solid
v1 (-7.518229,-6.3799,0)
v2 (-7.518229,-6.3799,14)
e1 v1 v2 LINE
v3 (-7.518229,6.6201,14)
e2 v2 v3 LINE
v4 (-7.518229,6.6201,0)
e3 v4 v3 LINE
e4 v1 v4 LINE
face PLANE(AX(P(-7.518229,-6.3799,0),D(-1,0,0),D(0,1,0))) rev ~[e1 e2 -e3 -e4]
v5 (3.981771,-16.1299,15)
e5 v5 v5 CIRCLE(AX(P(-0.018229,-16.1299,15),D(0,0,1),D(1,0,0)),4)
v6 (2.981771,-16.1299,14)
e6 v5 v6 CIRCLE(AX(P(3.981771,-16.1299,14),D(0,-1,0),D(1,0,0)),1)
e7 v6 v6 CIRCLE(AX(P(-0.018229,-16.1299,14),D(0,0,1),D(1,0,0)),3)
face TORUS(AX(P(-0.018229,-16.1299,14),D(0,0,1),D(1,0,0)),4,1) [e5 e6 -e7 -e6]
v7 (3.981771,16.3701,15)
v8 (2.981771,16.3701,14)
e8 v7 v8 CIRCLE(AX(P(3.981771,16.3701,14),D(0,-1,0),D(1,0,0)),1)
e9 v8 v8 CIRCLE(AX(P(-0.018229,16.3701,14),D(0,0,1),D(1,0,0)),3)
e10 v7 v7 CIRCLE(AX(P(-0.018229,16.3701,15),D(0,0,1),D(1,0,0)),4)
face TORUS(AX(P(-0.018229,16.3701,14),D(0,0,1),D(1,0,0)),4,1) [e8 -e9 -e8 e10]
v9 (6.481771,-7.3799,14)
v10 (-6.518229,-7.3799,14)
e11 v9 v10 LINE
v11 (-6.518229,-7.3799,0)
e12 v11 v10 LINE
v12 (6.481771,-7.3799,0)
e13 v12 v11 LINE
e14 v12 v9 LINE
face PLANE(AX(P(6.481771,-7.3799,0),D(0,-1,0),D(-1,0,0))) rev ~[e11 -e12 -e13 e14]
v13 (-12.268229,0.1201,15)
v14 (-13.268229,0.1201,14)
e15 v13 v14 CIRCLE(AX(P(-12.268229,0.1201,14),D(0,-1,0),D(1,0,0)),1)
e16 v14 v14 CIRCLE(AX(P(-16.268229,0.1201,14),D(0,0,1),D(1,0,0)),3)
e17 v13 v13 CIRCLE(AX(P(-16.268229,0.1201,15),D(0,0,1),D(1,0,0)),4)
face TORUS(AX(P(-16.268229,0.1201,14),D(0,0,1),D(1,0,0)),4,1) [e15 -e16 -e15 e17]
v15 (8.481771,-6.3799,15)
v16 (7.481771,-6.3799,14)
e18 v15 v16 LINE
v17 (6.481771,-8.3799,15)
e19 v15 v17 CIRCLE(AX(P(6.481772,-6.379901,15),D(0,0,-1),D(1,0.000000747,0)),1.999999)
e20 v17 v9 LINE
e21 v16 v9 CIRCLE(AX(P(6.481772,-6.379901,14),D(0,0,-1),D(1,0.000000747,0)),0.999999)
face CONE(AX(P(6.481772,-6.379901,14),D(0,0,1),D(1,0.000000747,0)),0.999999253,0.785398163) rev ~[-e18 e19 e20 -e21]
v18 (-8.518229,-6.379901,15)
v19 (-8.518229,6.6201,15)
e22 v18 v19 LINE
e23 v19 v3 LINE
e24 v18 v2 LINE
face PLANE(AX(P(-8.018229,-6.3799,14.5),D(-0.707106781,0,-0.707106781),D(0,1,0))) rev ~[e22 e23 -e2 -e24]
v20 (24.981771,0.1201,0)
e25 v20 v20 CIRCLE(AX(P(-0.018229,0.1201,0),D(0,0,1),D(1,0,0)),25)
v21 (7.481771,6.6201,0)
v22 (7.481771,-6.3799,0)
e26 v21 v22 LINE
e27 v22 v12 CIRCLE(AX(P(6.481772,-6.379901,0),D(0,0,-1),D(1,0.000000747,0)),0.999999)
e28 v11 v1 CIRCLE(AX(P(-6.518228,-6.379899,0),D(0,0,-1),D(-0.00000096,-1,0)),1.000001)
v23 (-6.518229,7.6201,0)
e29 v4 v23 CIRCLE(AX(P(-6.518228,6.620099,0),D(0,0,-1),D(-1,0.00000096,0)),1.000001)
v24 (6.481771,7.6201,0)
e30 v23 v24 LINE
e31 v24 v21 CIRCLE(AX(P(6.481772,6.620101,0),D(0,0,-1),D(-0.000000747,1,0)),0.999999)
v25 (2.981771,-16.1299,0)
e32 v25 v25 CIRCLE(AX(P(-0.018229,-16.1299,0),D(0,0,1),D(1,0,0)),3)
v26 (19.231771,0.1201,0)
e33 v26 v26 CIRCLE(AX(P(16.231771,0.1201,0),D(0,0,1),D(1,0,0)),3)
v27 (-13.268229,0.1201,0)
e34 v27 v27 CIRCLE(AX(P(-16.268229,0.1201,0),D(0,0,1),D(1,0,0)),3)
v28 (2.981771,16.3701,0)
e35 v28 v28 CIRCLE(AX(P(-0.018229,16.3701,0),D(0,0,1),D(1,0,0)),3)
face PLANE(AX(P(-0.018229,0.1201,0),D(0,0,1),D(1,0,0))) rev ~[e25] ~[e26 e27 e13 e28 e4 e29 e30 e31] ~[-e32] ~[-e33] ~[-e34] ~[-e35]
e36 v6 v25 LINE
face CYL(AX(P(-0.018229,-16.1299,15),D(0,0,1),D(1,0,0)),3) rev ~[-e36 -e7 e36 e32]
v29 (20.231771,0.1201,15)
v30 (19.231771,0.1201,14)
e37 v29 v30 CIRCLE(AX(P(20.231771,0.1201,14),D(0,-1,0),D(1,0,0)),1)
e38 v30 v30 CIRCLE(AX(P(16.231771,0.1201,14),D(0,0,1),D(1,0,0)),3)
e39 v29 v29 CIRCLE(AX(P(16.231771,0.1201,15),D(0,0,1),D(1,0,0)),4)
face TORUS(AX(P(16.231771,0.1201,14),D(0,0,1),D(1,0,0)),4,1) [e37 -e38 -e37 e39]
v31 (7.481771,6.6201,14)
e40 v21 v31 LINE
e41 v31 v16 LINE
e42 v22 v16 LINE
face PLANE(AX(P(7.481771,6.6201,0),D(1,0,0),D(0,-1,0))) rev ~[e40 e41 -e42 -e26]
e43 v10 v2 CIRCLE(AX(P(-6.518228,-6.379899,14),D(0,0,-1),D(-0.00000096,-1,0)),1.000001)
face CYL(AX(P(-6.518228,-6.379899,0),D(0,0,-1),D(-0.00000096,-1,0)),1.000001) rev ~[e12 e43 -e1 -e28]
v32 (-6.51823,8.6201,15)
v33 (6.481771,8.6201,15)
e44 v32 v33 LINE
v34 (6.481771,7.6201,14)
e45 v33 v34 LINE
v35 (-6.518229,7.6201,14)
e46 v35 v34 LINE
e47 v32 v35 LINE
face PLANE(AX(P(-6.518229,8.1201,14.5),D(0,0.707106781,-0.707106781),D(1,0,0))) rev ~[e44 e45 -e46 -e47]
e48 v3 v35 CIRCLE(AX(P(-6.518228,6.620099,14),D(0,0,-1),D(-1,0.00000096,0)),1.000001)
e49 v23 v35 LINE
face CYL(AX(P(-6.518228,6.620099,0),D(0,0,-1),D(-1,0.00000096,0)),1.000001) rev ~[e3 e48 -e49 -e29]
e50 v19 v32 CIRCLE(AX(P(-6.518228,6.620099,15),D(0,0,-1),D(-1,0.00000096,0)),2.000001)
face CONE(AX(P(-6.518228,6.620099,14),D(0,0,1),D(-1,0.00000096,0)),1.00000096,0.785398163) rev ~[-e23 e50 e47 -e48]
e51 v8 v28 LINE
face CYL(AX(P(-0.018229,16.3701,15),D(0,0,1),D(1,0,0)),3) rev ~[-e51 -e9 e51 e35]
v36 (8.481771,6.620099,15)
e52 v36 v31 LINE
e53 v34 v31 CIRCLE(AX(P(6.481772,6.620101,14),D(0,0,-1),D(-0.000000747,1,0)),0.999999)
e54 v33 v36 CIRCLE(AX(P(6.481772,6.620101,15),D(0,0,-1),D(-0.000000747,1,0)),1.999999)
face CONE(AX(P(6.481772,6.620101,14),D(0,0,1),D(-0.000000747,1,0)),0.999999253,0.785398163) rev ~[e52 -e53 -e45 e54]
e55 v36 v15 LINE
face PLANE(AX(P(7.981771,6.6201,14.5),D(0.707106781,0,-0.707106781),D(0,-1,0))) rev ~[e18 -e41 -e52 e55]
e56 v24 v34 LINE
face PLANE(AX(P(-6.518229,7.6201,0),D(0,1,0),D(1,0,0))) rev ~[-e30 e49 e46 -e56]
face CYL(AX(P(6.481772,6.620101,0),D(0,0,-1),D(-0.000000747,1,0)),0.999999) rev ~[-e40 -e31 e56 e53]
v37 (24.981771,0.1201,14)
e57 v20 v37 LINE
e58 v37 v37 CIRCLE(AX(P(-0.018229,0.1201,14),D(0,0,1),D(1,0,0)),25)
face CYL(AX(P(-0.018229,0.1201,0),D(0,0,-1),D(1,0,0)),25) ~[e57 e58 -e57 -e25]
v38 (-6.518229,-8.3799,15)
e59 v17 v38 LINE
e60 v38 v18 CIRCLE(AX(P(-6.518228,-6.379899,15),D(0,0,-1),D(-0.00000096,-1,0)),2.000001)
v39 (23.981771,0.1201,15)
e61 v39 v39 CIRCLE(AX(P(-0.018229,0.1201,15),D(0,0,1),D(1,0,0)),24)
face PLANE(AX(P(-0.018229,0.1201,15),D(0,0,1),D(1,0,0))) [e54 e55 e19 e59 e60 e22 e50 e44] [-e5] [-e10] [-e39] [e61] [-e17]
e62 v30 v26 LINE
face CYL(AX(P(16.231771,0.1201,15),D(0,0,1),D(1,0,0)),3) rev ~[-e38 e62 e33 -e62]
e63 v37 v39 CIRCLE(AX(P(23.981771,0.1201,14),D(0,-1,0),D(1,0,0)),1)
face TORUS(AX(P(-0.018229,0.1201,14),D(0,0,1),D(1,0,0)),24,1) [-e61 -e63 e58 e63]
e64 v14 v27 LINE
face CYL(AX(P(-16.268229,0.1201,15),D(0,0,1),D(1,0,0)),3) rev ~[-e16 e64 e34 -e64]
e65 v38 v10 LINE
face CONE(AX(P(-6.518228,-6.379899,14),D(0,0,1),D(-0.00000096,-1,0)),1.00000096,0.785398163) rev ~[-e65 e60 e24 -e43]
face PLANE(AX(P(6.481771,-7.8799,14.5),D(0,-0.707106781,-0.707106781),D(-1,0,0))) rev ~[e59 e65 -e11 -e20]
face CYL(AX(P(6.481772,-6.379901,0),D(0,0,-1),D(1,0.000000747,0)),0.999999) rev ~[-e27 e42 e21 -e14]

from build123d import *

# Parameters (mm, degrees)
F0_R     = 25
F1_DEPTH = 15
F2_R     = 3
F3_DEPTH = 15
F4_R     = 1
F5_SIZE  = 1


with BuildPart() as f1:
    # F0 (on Top) → F1 (new body)
    with BuildSketch(Plane.XY):
        with Locations((-0.018229, 0.1201)):
            Circle(F0_R)
        with BuildLine():
            Line((6.481771, -7.3799), (-6.518229, -7.3799))
            ThreePointArc((-6.518229, -7.3799), (-7.225335, -7.087007), (-7.518229, -6.3799))
            Line((-7.518229, -6.3799), (-7.518229, 6.6201))
            ThreePointArc((-7.518229, 6.6201), (-7.225335, 7.327207), (-6.518229, 7.6201))
            Line((-6.518229, 7.6201), (6.481771, 7.6201))
            ThreePointArc((6.481771, 7.6201), (7.188878, 7.327207), (7.481771, 6.6201))
            Line((7.481771, 6.6201), (7.481771, -6.3799))
            ThreePointArc((7.481771, -6.3799), (7.188878, -7.087007), (6.481771, -7.3799))
        make_face(mode=Mode.SUBTRACT)
    extrude(amount=F1_DEPTH)

    # F2 (on face) → F3 (cut)
    with BuildSketch(Plane.XY.offset(15)):
        with Locations((-0.018229, -16.1299)):
            Circle(F2_R)
        with Locations((16.231771, 0.1201)):
            Circle(F2_R)
        with Locations((-0.018229, 16.3701)):
            Circle(F2_R)
        with Locations((-16.268229, 0.1201)):
            Circle(F2_R)
    extrude(amount=-F3_DEPTH, mode=Mode.SUBTRACT)

    # F4
    f4_edges = [f1.edges().sort_by_distance(p)[0] for p in [
        (-25.018229, 0.1201, 15),
        (-19.268229, 0.1201, 15),
        (-3.018229, 16.3701, 15),
        (-3.018229, -16.1299, 15),
        (13.231771, 0.1201, 15),
    ]]
    fillet(f4_edges, radius=F4_R)

    # F5
    f5_edges = [f1.edges().sort_by_distance(p)[0] for p in [
        (-0.018229, -7.3799, 15),
        (7.481771, 0.1201, 15),
        (-0.018229, 7.6201, 15),
        (-7.518229, 0.1201, 15),
    ]]
    chamfer(f5_edges, length=F5_SIZE)


solid = f1.part
